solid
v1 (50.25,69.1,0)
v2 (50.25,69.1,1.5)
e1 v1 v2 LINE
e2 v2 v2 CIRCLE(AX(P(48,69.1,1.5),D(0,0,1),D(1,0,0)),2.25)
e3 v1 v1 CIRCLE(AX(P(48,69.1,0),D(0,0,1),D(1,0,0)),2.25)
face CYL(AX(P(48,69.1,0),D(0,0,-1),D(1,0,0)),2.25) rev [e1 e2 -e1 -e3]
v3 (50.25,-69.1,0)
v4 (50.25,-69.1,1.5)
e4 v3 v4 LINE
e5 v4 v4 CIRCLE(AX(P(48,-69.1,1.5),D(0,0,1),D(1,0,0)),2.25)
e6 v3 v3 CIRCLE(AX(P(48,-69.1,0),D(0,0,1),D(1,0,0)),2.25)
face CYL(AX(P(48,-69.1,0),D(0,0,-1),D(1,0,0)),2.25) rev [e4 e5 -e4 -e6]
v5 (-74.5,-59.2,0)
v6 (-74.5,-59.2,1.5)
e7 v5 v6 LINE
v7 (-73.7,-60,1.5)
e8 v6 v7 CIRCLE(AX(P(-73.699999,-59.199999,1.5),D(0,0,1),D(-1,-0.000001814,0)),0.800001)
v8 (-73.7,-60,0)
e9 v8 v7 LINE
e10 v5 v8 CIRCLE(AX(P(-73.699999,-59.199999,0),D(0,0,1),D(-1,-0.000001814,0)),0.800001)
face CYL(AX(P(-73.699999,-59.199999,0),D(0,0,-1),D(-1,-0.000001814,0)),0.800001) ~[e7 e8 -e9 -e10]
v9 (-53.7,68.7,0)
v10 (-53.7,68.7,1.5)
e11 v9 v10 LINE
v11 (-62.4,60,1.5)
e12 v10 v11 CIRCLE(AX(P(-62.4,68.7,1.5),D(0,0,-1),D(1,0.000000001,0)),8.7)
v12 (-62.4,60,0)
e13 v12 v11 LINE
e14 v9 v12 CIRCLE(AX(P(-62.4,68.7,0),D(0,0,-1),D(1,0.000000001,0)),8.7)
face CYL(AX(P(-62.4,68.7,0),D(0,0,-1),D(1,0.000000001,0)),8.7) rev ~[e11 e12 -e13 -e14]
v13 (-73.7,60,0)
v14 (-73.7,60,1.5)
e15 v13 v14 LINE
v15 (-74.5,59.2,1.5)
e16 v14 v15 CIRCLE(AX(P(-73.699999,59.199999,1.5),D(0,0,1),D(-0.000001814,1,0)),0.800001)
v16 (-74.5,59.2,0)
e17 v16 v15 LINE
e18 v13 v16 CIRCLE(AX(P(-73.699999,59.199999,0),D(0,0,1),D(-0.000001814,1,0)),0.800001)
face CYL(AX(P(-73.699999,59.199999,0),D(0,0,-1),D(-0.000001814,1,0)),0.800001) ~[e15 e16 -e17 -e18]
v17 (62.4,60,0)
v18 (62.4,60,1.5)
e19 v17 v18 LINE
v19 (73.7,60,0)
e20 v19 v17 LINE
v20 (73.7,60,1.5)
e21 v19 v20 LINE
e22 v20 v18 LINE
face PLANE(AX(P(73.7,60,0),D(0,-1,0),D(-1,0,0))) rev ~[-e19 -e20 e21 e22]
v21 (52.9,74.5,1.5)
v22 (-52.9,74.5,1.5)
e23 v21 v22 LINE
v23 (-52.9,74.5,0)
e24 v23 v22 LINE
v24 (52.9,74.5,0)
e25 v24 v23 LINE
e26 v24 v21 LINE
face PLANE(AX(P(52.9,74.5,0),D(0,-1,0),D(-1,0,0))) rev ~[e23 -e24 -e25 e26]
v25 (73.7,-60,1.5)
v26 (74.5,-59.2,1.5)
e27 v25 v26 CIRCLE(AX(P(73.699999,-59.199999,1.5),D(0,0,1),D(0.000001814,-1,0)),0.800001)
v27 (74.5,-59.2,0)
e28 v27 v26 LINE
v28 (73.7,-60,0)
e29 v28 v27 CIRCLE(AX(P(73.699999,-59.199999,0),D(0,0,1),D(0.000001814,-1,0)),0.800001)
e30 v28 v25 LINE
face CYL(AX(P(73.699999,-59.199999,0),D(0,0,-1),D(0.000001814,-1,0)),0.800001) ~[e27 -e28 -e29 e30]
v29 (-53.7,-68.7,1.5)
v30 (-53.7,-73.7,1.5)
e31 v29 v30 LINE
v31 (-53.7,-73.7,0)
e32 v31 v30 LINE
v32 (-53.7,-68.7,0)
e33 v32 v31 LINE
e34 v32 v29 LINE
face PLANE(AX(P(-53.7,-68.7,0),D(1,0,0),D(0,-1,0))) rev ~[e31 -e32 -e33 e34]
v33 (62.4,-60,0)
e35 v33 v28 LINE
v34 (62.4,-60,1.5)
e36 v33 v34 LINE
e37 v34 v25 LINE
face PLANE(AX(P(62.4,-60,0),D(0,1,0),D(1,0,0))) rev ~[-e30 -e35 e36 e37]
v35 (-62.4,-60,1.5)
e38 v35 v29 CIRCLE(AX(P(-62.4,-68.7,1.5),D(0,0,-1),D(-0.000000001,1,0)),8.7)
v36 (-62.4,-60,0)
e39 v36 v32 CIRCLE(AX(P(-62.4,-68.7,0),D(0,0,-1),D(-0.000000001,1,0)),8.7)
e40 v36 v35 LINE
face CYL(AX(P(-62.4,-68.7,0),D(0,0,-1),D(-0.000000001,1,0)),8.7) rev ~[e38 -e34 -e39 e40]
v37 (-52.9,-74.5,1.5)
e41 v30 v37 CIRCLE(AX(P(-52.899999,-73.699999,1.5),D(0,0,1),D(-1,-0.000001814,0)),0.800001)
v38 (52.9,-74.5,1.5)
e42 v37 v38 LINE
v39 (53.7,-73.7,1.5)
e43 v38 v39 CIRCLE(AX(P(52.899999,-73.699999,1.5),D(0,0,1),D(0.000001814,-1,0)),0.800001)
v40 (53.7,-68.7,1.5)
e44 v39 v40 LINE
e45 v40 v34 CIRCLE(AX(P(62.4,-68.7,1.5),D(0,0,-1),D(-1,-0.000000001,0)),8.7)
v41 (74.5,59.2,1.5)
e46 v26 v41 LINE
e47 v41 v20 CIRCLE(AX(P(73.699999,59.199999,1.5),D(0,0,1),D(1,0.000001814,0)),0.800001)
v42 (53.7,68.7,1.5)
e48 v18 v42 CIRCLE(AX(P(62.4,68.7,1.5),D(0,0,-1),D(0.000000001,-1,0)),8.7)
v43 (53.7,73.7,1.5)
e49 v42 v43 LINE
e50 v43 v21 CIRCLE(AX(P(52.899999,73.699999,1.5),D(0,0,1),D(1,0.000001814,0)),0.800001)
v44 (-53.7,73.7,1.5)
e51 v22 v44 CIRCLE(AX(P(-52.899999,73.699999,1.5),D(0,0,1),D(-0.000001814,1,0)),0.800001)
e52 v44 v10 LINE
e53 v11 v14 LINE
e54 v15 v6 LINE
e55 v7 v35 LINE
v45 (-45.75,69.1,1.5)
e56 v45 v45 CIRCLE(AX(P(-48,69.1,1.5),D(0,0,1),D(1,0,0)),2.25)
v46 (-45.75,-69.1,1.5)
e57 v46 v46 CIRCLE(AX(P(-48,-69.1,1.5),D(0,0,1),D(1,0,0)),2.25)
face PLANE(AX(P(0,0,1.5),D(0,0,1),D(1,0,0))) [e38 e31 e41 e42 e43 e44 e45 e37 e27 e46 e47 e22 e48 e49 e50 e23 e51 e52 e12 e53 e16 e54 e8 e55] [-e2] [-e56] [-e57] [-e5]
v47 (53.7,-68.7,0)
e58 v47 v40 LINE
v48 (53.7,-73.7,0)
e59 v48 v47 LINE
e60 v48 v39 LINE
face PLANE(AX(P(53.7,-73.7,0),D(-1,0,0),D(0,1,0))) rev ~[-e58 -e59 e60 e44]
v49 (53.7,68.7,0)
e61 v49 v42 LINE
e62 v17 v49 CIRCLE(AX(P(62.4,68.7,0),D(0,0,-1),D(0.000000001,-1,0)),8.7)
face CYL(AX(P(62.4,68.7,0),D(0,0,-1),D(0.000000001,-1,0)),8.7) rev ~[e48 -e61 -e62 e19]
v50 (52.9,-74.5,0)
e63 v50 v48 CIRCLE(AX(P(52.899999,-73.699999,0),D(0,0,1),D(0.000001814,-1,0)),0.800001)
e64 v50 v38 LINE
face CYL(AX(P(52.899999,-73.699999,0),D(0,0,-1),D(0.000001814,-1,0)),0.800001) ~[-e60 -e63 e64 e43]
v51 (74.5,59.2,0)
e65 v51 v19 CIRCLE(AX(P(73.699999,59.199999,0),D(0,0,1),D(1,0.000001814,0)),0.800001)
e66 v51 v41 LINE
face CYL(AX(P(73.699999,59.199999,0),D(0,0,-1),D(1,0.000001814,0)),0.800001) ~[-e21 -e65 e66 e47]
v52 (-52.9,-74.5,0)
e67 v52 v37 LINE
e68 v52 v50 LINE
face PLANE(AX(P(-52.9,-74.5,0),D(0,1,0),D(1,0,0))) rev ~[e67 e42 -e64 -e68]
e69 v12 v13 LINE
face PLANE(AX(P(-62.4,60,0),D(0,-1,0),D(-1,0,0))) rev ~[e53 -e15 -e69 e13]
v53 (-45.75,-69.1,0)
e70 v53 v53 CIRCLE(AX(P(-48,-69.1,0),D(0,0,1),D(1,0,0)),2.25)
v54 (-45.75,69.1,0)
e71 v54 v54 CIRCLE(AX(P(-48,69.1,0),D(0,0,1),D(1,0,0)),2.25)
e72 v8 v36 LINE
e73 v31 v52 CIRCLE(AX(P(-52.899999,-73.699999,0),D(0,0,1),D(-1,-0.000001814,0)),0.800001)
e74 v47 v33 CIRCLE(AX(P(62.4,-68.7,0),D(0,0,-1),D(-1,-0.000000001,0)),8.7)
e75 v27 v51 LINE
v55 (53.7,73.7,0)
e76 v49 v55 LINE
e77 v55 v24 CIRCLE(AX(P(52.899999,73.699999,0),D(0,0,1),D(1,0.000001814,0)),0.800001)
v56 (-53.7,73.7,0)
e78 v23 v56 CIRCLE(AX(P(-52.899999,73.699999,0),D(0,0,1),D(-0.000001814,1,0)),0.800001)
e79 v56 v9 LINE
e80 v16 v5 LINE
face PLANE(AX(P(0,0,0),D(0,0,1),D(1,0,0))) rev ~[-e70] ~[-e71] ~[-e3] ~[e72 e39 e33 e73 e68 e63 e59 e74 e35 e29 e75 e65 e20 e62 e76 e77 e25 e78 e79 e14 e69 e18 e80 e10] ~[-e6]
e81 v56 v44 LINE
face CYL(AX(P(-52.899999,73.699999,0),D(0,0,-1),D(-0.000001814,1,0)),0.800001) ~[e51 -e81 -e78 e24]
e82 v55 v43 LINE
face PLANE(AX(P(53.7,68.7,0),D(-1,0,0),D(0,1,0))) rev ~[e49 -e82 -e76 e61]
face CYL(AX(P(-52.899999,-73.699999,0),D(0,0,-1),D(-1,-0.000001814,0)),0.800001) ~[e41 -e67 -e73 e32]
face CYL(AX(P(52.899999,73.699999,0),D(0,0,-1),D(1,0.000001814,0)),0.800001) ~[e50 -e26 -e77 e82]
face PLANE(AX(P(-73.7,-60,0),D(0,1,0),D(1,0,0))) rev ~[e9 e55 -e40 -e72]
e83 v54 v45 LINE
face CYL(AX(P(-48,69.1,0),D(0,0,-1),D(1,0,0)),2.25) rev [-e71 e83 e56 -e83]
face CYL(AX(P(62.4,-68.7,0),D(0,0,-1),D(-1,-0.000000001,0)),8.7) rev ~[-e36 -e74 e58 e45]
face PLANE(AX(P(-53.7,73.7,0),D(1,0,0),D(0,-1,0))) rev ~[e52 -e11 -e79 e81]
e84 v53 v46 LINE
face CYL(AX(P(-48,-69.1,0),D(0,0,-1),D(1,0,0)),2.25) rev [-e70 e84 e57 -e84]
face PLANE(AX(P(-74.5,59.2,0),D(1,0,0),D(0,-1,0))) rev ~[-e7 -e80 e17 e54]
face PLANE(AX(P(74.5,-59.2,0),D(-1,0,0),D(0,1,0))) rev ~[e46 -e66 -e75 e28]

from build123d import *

# Parameters (mm, degrees)
F0_R     = 2.25
F1_DEPTH = 1.5


with BuildPart() as f1:
    # F0 (on Top) → F1 (new body)
    with BuildSketch(Plane.XY):
        with BuildLine():
            Line((52.9, 74.5), (-52.9, 74.5))
            ThreePointArc((-52.9, 74.5), (-53.465685, 74.265685), (-53.7, 73.7))
            Line((-53.7, 73.7), (-53.7, 68.7))
            ThreePointArc((-53.7, 68.7), (-56.248171, 62.548171), (-62.4, 60))
            Line((-62.4, 60), (-73.7, 60))
            ThreePointArc((-73.7, 60), (-74.265685, 59.765685), (-74.5, 59.2))
            Line((-74.5, 59.2), (-74.5, -59.2))
            ThreePointArc((-74.5, -59.2), (-74.265685, -59.765685), (-73.7, -60))
            Line((-73.7, -60), (-62.4, -60))
            ThreePointArc((-62.4, -60), (-56.248171, -62.548171), (-53.7, -68.7))
            Line((-53.7, -68.7), (-53.7, -73.7))
            ThreePointArc((-53.7, -73.7), (-53.465685, -74.265685), (-52.9, -74.5))
            Line((-52.9, -74.5), (52.9, -74.5))
            ThreePointArc((52.9, -74.5), (53.465685, -74.265685), (53.7, -73.7))
            Line((53.7, -73.7), (53.7, -68.7))
            ThreePointArc((53.7, -68.7), (56.248171, -62.548171), (62.4, -60))
            Line((62.4, -60), (73.7, -60))
            ThreePointArc((73.7, -60), (74.265685, -59.765685), (74.5, -59.2))
            Line((74.5, -59.2), (74.5, 59.2))
            ThreePointArc((74.5, 59.2), (74.265685, 59.765685), (73.7, 60))
            Line((73.7, 60), (62.4, 60))
            ThreePointArc((62.4, 60), (56.248171, 62.548171), (53.7, 68.7))
            Line((53.7, 68.7), (53.7, 73.7))
            ThreePointArc((53.7, 73.7), (53.465685, 74.265685), (52.9, 74.5))
        make_face()
        with Locations((-48, -69.1)):
            Circle(F0_R, mode=Mode.SUBTRACT)
        with Locations((48, -69.1)):
            Circle(F0_R, mode=Mode.SUBTRACT)
        with Locations((-48, 69.1)):
            Circle(F0_R, mode=Mode.SUBTRACT)
        with Locations((48, 69.1)):
            Circle(F0_R, mode=Mode.SUBTRACT)
    extrude(amount=F1_DEPTH)


solid = f1.part
